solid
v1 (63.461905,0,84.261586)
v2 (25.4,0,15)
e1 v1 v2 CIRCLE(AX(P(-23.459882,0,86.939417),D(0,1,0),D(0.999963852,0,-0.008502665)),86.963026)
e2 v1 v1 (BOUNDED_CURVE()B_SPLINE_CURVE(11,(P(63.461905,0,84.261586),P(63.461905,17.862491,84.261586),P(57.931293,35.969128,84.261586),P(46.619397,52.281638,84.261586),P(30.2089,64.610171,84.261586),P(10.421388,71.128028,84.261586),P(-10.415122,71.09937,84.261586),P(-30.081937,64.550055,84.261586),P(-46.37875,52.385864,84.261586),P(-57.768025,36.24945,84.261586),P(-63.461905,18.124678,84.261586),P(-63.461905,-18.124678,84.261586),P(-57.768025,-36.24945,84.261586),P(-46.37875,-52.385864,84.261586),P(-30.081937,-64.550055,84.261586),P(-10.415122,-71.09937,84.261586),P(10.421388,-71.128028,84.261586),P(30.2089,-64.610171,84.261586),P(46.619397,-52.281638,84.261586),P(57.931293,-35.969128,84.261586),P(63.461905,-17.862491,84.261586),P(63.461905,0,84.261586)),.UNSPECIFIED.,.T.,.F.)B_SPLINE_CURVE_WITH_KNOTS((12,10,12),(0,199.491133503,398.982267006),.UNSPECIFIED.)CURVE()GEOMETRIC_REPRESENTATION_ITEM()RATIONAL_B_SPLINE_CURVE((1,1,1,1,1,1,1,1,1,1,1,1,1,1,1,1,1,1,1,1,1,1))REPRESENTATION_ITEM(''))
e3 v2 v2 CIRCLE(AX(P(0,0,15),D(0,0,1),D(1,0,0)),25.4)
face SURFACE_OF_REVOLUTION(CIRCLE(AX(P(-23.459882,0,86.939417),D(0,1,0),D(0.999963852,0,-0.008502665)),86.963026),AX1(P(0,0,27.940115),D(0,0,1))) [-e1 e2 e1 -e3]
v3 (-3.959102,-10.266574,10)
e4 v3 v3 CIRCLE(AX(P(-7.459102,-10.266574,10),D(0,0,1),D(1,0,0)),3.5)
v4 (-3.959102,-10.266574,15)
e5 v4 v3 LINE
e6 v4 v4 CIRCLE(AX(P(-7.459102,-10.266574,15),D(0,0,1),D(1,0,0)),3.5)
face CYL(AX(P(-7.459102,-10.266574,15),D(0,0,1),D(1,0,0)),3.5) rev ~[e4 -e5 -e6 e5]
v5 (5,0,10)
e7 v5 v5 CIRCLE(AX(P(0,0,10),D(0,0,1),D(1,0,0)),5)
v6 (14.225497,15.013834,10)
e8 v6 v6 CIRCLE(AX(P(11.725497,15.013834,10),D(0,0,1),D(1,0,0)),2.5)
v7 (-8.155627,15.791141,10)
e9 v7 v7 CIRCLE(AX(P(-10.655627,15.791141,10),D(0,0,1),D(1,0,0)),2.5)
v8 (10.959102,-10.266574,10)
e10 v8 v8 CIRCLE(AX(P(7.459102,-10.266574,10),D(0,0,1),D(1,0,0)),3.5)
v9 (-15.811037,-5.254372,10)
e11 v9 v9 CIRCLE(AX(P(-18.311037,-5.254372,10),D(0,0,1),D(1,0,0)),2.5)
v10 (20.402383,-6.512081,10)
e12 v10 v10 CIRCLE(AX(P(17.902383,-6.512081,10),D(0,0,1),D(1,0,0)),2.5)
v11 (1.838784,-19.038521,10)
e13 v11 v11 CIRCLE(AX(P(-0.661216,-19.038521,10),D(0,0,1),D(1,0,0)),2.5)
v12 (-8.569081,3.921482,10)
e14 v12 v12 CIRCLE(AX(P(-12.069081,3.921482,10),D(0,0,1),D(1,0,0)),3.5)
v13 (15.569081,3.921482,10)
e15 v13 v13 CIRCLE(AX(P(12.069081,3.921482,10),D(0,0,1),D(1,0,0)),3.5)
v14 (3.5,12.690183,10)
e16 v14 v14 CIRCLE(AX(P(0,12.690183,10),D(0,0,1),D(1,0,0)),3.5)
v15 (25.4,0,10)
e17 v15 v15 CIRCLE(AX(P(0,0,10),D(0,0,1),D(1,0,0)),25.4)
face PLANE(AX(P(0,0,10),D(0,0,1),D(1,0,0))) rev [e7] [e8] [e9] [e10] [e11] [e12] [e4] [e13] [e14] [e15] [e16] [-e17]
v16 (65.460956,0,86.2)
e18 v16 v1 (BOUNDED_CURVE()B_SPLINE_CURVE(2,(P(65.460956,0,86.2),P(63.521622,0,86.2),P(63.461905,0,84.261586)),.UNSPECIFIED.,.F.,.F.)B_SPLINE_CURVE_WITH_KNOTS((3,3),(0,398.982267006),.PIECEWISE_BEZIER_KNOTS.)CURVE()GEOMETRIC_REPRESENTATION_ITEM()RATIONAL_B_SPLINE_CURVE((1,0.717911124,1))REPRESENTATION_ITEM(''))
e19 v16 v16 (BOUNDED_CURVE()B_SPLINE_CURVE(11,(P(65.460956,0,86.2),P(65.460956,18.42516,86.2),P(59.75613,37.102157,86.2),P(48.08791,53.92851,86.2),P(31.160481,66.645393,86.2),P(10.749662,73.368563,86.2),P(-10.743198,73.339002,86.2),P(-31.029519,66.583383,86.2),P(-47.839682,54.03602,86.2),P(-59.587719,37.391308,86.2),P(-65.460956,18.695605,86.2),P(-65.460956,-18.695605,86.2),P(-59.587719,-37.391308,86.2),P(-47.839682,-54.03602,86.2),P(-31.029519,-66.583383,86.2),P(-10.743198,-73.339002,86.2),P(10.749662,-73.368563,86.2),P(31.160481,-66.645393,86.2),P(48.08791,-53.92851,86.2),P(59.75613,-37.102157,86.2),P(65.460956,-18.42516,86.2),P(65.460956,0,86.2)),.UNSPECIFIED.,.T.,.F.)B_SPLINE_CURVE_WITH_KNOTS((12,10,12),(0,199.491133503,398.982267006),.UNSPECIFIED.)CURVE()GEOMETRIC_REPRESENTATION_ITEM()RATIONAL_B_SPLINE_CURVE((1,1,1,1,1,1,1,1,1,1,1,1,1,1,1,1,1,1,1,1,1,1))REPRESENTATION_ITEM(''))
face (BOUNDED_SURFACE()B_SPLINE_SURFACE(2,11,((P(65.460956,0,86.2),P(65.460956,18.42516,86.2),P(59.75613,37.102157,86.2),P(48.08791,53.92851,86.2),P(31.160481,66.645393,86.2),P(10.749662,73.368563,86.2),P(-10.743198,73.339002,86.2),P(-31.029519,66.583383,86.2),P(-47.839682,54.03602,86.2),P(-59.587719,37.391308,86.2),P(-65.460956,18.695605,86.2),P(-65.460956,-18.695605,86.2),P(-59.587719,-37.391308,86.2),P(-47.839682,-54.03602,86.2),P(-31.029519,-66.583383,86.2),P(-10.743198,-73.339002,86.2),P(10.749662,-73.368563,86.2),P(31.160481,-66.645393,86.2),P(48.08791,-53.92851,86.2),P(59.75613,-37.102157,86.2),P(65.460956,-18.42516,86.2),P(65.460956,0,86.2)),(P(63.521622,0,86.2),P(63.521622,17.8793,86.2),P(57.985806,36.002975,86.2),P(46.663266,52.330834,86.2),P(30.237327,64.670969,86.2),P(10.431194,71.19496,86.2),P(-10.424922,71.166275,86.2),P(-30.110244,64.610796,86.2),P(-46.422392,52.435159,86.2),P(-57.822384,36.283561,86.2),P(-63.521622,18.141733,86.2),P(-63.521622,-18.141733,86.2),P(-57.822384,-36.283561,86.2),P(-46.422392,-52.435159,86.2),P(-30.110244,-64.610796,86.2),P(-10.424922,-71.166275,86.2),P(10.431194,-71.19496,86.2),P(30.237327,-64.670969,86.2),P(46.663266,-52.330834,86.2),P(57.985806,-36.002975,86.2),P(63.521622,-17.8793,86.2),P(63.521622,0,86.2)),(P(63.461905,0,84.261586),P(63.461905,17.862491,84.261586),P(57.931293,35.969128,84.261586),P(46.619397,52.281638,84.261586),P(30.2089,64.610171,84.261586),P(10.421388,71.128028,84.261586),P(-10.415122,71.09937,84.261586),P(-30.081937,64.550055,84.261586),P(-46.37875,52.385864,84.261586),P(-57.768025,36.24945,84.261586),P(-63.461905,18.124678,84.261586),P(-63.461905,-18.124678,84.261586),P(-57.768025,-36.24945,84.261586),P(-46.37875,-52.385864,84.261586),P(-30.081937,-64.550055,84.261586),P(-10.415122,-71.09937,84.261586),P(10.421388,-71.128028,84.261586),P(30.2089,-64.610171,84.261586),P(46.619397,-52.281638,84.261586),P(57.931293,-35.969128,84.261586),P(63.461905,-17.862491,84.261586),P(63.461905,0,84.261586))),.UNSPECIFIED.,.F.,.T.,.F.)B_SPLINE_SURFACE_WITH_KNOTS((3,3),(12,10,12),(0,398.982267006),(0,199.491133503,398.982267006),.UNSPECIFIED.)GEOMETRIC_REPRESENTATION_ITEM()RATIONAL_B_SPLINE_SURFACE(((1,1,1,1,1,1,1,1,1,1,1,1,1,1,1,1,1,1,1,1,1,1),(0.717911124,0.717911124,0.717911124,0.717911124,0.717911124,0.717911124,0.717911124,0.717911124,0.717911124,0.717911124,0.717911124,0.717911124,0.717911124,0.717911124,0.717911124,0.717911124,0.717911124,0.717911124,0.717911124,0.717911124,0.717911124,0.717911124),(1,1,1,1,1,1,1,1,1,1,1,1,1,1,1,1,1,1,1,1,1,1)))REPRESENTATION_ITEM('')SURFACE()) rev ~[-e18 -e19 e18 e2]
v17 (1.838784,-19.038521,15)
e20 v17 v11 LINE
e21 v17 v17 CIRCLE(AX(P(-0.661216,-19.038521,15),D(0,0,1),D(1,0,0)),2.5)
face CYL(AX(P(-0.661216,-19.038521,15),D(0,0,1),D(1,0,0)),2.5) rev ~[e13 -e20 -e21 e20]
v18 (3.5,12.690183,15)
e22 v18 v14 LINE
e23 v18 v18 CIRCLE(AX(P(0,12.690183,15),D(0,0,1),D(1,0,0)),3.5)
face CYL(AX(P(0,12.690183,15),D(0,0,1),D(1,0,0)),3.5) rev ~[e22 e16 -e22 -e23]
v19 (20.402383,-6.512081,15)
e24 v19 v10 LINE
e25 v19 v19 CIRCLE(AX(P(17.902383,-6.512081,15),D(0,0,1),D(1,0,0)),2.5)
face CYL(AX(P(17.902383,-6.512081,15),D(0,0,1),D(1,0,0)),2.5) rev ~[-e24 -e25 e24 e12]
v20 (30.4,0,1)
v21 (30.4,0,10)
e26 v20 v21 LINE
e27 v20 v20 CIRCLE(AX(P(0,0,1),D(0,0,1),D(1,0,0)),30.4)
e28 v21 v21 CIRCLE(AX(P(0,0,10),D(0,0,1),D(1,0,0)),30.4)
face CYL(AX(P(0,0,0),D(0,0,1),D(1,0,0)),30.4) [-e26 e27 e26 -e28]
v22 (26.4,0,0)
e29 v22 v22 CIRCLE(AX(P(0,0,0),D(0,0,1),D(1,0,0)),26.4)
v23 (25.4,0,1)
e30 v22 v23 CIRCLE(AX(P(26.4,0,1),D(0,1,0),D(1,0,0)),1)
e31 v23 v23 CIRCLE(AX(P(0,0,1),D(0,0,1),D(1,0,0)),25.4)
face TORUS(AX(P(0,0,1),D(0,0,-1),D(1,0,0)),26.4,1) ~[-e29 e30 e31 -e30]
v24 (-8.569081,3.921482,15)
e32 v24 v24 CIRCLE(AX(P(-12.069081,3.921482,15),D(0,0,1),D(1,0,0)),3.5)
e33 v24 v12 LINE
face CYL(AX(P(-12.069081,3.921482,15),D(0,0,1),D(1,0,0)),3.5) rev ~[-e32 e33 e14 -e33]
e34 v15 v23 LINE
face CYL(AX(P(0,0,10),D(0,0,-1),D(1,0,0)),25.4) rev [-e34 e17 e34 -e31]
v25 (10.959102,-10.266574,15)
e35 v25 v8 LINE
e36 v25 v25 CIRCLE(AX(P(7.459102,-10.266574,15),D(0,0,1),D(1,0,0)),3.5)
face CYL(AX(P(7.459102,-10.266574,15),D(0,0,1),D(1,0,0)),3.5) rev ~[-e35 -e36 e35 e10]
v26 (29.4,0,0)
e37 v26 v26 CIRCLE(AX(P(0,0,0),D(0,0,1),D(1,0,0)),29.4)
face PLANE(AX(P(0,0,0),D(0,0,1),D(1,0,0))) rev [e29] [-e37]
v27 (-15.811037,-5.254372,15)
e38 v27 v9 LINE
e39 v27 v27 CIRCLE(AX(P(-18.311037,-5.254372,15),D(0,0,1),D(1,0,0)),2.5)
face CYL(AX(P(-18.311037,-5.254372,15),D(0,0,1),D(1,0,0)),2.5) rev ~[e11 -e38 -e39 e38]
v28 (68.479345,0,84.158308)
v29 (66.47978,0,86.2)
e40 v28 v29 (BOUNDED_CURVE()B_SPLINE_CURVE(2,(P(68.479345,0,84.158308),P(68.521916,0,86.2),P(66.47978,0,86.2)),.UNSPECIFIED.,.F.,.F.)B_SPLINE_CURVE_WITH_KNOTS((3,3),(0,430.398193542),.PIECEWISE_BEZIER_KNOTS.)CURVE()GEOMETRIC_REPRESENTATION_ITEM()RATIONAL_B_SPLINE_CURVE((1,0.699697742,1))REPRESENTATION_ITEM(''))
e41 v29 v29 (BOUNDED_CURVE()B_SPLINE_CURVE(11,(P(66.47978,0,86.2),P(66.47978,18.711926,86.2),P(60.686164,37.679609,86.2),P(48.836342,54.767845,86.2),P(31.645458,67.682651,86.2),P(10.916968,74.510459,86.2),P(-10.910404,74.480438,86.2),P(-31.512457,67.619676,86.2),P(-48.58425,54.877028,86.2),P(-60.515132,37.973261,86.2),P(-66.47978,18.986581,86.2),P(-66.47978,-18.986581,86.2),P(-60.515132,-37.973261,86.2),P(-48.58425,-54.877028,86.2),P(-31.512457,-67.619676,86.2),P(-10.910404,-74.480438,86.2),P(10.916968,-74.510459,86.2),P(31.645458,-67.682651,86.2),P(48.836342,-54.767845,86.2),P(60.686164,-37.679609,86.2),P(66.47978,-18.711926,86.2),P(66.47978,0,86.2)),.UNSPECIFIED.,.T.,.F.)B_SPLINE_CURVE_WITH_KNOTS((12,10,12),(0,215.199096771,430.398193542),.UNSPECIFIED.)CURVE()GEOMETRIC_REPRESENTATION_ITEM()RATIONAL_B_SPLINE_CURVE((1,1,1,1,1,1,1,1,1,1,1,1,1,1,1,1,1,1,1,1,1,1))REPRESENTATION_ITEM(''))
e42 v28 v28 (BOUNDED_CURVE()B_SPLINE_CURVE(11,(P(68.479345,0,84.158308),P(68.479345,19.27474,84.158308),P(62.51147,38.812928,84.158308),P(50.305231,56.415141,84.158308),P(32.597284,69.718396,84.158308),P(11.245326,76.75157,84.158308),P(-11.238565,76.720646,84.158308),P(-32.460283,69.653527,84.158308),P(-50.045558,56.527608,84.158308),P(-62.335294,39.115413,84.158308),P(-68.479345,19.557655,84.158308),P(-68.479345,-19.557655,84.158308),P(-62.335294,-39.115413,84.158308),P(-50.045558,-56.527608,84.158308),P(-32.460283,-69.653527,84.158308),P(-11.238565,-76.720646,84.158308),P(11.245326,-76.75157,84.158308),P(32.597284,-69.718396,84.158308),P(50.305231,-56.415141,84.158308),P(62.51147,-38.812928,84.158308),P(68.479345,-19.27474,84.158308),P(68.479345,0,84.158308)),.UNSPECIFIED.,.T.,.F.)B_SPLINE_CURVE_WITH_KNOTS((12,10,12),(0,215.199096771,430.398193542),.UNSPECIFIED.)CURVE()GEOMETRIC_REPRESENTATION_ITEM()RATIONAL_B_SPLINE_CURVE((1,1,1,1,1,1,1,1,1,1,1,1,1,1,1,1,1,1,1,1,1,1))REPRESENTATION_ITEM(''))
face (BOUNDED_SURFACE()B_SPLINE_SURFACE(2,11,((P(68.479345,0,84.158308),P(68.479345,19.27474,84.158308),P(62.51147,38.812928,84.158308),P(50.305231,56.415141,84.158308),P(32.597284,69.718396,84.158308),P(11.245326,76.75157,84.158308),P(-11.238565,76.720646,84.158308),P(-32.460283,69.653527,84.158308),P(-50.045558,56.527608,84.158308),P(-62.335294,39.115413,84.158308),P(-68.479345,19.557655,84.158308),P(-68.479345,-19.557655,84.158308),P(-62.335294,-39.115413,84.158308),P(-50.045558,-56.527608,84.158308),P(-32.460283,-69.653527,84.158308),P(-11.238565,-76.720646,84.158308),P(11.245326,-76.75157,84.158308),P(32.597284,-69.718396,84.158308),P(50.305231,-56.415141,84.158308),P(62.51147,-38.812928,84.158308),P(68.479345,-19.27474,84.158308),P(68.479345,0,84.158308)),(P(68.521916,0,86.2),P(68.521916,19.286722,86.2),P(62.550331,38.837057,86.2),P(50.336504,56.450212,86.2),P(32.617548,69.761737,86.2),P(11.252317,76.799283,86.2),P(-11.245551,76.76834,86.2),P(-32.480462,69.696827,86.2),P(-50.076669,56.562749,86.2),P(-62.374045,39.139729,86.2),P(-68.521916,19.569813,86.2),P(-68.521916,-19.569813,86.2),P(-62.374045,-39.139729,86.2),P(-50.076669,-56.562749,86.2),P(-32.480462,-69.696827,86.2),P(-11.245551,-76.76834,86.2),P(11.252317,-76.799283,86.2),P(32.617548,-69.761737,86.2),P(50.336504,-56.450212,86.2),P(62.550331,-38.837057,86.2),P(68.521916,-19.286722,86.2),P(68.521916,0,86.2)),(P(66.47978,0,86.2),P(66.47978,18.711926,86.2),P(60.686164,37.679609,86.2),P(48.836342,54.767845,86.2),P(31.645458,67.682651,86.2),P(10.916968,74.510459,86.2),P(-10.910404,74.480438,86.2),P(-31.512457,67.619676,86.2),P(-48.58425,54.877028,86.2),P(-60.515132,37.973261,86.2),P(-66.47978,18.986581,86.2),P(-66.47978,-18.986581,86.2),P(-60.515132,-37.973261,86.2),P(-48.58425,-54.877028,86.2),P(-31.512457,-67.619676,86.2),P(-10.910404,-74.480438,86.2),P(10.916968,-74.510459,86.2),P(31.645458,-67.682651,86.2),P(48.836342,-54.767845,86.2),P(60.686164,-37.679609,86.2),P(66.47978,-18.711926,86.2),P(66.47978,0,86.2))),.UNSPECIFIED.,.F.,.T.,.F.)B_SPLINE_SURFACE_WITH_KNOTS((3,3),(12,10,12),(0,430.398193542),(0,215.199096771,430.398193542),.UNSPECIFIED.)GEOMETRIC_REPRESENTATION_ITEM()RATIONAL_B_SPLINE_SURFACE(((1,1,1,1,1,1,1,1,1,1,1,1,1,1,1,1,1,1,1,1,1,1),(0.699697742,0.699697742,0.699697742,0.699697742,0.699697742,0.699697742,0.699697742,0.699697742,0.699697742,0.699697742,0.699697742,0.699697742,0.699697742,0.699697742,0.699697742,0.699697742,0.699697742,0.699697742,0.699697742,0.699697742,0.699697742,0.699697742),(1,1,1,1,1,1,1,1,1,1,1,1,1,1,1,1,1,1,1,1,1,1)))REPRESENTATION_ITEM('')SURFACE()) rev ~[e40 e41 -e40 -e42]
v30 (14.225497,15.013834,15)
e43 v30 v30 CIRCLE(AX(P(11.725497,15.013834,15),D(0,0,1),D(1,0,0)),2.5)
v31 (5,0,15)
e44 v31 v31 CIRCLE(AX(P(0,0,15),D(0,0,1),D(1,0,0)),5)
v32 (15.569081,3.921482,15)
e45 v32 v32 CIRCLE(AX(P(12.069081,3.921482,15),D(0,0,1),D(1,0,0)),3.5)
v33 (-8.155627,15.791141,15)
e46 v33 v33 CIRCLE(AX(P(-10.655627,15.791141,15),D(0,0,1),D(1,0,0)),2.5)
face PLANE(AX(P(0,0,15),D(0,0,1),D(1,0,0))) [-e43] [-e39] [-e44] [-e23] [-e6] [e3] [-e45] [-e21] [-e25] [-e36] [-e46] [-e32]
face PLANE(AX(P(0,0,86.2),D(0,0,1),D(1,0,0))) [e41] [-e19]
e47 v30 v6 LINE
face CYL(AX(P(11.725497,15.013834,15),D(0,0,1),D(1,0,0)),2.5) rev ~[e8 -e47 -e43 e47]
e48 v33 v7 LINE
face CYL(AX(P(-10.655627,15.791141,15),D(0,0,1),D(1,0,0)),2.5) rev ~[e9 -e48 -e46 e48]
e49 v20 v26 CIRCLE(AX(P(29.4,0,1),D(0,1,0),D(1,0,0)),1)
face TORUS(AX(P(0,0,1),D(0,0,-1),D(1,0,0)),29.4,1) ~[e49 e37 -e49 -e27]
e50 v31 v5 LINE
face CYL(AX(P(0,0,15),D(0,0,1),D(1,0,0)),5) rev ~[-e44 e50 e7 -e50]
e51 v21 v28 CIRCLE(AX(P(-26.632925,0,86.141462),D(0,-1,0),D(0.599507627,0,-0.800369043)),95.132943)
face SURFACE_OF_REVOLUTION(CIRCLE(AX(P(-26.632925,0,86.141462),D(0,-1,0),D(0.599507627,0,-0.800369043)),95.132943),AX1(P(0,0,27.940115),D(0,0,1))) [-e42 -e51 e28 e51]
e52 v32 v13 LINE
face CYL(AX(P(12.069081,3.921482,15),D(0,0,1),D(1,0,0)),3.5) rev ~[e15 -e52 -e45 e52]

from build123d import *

# Parameters (mm, degrees)
F3_R     = 2
F4_R     = 1
F6_R     = 5
F6_R_2   = 3.5
F6_R_3   = 2.5
F7_DEPTH = 5


with BuildPart() as f2:
    # F1 (on Front) → F2 (revolve)
    with BuildSketch(Plane.XZ):
        with BuildLine():
            Line((0, 15), (0, 10))
            Line((0, 10), (25.4, 10))
            Line((25.4, 10), (25.4, 0))
            Line((25.4, 0), (30.4, 0))
            Line((30.4, 0), (30.4, 10))
            ThreePointArc((30.4, 10), (58.456566, 43.596717), (68.5, 86.2))
            Line((68.5, 86.2), (63.5, 86.2))
            ThreePointArc((63.5, 86.2), (53.215486, 45.90948), (25.4, 15))
            Line((25.4, 15), (0, 15))
        make_face()
    revolve(axis=Axis((0, 0, 27.940115), (0, 0, 1)))

    # F3
    f3_edges = [f2.edges().sort_by_distance(p)[0] for p in [
        (-68.5, 0, 86.2),
        (-63.5, 0, 86.2),
    ]]
    fillet(f3_edges, radius=F3_R)

    # F4
    f4_edges = [f2.edges().sort_by_distance(p)[0] for p in [
        (-25.4, 0, 0),
        (-30.4, 0, 0),
    ]]
    fillet(f4_edges, radius=F4_R)

    # F6 (on face) → F7 (cut, through all)
    with BuildSketch(Plane.XY.offset(15)):
        Circle(F6_R)
        with Locations((0, 12.690183)):
            Circle(F6_R_2)
        with Locations((-12.069081, 3.921482)):
            Circle(F6_R_2)
        with Locations((-7.459102, -10.266574)):
            Circle(F6_R_2)
        with Locations((7.459102, -10.266574)):
            Circle(F6_R_2)
        with Locations((12.069081, 3.921482)):
            Circle(F6_R_2)
        with Locations((-10.655627, 15.791141)):
            Circle(F6_R_3)
        with Locations((-18.311037, -5.254372)):
            Circle(F6_R_3)
        with Locations((-0.661216, -19.038521)):
            Circle(F6_R_3)
        with Locations((17.902383, -6.512081)):
            Circle(F6_R_3)
        with Locations((11.725497, 15.013834)):
            Circle(F6_R_3)
    extrude(amount=-F7_DEPTH, mode=Mode.SUBTRACT)


solid = f2.part
